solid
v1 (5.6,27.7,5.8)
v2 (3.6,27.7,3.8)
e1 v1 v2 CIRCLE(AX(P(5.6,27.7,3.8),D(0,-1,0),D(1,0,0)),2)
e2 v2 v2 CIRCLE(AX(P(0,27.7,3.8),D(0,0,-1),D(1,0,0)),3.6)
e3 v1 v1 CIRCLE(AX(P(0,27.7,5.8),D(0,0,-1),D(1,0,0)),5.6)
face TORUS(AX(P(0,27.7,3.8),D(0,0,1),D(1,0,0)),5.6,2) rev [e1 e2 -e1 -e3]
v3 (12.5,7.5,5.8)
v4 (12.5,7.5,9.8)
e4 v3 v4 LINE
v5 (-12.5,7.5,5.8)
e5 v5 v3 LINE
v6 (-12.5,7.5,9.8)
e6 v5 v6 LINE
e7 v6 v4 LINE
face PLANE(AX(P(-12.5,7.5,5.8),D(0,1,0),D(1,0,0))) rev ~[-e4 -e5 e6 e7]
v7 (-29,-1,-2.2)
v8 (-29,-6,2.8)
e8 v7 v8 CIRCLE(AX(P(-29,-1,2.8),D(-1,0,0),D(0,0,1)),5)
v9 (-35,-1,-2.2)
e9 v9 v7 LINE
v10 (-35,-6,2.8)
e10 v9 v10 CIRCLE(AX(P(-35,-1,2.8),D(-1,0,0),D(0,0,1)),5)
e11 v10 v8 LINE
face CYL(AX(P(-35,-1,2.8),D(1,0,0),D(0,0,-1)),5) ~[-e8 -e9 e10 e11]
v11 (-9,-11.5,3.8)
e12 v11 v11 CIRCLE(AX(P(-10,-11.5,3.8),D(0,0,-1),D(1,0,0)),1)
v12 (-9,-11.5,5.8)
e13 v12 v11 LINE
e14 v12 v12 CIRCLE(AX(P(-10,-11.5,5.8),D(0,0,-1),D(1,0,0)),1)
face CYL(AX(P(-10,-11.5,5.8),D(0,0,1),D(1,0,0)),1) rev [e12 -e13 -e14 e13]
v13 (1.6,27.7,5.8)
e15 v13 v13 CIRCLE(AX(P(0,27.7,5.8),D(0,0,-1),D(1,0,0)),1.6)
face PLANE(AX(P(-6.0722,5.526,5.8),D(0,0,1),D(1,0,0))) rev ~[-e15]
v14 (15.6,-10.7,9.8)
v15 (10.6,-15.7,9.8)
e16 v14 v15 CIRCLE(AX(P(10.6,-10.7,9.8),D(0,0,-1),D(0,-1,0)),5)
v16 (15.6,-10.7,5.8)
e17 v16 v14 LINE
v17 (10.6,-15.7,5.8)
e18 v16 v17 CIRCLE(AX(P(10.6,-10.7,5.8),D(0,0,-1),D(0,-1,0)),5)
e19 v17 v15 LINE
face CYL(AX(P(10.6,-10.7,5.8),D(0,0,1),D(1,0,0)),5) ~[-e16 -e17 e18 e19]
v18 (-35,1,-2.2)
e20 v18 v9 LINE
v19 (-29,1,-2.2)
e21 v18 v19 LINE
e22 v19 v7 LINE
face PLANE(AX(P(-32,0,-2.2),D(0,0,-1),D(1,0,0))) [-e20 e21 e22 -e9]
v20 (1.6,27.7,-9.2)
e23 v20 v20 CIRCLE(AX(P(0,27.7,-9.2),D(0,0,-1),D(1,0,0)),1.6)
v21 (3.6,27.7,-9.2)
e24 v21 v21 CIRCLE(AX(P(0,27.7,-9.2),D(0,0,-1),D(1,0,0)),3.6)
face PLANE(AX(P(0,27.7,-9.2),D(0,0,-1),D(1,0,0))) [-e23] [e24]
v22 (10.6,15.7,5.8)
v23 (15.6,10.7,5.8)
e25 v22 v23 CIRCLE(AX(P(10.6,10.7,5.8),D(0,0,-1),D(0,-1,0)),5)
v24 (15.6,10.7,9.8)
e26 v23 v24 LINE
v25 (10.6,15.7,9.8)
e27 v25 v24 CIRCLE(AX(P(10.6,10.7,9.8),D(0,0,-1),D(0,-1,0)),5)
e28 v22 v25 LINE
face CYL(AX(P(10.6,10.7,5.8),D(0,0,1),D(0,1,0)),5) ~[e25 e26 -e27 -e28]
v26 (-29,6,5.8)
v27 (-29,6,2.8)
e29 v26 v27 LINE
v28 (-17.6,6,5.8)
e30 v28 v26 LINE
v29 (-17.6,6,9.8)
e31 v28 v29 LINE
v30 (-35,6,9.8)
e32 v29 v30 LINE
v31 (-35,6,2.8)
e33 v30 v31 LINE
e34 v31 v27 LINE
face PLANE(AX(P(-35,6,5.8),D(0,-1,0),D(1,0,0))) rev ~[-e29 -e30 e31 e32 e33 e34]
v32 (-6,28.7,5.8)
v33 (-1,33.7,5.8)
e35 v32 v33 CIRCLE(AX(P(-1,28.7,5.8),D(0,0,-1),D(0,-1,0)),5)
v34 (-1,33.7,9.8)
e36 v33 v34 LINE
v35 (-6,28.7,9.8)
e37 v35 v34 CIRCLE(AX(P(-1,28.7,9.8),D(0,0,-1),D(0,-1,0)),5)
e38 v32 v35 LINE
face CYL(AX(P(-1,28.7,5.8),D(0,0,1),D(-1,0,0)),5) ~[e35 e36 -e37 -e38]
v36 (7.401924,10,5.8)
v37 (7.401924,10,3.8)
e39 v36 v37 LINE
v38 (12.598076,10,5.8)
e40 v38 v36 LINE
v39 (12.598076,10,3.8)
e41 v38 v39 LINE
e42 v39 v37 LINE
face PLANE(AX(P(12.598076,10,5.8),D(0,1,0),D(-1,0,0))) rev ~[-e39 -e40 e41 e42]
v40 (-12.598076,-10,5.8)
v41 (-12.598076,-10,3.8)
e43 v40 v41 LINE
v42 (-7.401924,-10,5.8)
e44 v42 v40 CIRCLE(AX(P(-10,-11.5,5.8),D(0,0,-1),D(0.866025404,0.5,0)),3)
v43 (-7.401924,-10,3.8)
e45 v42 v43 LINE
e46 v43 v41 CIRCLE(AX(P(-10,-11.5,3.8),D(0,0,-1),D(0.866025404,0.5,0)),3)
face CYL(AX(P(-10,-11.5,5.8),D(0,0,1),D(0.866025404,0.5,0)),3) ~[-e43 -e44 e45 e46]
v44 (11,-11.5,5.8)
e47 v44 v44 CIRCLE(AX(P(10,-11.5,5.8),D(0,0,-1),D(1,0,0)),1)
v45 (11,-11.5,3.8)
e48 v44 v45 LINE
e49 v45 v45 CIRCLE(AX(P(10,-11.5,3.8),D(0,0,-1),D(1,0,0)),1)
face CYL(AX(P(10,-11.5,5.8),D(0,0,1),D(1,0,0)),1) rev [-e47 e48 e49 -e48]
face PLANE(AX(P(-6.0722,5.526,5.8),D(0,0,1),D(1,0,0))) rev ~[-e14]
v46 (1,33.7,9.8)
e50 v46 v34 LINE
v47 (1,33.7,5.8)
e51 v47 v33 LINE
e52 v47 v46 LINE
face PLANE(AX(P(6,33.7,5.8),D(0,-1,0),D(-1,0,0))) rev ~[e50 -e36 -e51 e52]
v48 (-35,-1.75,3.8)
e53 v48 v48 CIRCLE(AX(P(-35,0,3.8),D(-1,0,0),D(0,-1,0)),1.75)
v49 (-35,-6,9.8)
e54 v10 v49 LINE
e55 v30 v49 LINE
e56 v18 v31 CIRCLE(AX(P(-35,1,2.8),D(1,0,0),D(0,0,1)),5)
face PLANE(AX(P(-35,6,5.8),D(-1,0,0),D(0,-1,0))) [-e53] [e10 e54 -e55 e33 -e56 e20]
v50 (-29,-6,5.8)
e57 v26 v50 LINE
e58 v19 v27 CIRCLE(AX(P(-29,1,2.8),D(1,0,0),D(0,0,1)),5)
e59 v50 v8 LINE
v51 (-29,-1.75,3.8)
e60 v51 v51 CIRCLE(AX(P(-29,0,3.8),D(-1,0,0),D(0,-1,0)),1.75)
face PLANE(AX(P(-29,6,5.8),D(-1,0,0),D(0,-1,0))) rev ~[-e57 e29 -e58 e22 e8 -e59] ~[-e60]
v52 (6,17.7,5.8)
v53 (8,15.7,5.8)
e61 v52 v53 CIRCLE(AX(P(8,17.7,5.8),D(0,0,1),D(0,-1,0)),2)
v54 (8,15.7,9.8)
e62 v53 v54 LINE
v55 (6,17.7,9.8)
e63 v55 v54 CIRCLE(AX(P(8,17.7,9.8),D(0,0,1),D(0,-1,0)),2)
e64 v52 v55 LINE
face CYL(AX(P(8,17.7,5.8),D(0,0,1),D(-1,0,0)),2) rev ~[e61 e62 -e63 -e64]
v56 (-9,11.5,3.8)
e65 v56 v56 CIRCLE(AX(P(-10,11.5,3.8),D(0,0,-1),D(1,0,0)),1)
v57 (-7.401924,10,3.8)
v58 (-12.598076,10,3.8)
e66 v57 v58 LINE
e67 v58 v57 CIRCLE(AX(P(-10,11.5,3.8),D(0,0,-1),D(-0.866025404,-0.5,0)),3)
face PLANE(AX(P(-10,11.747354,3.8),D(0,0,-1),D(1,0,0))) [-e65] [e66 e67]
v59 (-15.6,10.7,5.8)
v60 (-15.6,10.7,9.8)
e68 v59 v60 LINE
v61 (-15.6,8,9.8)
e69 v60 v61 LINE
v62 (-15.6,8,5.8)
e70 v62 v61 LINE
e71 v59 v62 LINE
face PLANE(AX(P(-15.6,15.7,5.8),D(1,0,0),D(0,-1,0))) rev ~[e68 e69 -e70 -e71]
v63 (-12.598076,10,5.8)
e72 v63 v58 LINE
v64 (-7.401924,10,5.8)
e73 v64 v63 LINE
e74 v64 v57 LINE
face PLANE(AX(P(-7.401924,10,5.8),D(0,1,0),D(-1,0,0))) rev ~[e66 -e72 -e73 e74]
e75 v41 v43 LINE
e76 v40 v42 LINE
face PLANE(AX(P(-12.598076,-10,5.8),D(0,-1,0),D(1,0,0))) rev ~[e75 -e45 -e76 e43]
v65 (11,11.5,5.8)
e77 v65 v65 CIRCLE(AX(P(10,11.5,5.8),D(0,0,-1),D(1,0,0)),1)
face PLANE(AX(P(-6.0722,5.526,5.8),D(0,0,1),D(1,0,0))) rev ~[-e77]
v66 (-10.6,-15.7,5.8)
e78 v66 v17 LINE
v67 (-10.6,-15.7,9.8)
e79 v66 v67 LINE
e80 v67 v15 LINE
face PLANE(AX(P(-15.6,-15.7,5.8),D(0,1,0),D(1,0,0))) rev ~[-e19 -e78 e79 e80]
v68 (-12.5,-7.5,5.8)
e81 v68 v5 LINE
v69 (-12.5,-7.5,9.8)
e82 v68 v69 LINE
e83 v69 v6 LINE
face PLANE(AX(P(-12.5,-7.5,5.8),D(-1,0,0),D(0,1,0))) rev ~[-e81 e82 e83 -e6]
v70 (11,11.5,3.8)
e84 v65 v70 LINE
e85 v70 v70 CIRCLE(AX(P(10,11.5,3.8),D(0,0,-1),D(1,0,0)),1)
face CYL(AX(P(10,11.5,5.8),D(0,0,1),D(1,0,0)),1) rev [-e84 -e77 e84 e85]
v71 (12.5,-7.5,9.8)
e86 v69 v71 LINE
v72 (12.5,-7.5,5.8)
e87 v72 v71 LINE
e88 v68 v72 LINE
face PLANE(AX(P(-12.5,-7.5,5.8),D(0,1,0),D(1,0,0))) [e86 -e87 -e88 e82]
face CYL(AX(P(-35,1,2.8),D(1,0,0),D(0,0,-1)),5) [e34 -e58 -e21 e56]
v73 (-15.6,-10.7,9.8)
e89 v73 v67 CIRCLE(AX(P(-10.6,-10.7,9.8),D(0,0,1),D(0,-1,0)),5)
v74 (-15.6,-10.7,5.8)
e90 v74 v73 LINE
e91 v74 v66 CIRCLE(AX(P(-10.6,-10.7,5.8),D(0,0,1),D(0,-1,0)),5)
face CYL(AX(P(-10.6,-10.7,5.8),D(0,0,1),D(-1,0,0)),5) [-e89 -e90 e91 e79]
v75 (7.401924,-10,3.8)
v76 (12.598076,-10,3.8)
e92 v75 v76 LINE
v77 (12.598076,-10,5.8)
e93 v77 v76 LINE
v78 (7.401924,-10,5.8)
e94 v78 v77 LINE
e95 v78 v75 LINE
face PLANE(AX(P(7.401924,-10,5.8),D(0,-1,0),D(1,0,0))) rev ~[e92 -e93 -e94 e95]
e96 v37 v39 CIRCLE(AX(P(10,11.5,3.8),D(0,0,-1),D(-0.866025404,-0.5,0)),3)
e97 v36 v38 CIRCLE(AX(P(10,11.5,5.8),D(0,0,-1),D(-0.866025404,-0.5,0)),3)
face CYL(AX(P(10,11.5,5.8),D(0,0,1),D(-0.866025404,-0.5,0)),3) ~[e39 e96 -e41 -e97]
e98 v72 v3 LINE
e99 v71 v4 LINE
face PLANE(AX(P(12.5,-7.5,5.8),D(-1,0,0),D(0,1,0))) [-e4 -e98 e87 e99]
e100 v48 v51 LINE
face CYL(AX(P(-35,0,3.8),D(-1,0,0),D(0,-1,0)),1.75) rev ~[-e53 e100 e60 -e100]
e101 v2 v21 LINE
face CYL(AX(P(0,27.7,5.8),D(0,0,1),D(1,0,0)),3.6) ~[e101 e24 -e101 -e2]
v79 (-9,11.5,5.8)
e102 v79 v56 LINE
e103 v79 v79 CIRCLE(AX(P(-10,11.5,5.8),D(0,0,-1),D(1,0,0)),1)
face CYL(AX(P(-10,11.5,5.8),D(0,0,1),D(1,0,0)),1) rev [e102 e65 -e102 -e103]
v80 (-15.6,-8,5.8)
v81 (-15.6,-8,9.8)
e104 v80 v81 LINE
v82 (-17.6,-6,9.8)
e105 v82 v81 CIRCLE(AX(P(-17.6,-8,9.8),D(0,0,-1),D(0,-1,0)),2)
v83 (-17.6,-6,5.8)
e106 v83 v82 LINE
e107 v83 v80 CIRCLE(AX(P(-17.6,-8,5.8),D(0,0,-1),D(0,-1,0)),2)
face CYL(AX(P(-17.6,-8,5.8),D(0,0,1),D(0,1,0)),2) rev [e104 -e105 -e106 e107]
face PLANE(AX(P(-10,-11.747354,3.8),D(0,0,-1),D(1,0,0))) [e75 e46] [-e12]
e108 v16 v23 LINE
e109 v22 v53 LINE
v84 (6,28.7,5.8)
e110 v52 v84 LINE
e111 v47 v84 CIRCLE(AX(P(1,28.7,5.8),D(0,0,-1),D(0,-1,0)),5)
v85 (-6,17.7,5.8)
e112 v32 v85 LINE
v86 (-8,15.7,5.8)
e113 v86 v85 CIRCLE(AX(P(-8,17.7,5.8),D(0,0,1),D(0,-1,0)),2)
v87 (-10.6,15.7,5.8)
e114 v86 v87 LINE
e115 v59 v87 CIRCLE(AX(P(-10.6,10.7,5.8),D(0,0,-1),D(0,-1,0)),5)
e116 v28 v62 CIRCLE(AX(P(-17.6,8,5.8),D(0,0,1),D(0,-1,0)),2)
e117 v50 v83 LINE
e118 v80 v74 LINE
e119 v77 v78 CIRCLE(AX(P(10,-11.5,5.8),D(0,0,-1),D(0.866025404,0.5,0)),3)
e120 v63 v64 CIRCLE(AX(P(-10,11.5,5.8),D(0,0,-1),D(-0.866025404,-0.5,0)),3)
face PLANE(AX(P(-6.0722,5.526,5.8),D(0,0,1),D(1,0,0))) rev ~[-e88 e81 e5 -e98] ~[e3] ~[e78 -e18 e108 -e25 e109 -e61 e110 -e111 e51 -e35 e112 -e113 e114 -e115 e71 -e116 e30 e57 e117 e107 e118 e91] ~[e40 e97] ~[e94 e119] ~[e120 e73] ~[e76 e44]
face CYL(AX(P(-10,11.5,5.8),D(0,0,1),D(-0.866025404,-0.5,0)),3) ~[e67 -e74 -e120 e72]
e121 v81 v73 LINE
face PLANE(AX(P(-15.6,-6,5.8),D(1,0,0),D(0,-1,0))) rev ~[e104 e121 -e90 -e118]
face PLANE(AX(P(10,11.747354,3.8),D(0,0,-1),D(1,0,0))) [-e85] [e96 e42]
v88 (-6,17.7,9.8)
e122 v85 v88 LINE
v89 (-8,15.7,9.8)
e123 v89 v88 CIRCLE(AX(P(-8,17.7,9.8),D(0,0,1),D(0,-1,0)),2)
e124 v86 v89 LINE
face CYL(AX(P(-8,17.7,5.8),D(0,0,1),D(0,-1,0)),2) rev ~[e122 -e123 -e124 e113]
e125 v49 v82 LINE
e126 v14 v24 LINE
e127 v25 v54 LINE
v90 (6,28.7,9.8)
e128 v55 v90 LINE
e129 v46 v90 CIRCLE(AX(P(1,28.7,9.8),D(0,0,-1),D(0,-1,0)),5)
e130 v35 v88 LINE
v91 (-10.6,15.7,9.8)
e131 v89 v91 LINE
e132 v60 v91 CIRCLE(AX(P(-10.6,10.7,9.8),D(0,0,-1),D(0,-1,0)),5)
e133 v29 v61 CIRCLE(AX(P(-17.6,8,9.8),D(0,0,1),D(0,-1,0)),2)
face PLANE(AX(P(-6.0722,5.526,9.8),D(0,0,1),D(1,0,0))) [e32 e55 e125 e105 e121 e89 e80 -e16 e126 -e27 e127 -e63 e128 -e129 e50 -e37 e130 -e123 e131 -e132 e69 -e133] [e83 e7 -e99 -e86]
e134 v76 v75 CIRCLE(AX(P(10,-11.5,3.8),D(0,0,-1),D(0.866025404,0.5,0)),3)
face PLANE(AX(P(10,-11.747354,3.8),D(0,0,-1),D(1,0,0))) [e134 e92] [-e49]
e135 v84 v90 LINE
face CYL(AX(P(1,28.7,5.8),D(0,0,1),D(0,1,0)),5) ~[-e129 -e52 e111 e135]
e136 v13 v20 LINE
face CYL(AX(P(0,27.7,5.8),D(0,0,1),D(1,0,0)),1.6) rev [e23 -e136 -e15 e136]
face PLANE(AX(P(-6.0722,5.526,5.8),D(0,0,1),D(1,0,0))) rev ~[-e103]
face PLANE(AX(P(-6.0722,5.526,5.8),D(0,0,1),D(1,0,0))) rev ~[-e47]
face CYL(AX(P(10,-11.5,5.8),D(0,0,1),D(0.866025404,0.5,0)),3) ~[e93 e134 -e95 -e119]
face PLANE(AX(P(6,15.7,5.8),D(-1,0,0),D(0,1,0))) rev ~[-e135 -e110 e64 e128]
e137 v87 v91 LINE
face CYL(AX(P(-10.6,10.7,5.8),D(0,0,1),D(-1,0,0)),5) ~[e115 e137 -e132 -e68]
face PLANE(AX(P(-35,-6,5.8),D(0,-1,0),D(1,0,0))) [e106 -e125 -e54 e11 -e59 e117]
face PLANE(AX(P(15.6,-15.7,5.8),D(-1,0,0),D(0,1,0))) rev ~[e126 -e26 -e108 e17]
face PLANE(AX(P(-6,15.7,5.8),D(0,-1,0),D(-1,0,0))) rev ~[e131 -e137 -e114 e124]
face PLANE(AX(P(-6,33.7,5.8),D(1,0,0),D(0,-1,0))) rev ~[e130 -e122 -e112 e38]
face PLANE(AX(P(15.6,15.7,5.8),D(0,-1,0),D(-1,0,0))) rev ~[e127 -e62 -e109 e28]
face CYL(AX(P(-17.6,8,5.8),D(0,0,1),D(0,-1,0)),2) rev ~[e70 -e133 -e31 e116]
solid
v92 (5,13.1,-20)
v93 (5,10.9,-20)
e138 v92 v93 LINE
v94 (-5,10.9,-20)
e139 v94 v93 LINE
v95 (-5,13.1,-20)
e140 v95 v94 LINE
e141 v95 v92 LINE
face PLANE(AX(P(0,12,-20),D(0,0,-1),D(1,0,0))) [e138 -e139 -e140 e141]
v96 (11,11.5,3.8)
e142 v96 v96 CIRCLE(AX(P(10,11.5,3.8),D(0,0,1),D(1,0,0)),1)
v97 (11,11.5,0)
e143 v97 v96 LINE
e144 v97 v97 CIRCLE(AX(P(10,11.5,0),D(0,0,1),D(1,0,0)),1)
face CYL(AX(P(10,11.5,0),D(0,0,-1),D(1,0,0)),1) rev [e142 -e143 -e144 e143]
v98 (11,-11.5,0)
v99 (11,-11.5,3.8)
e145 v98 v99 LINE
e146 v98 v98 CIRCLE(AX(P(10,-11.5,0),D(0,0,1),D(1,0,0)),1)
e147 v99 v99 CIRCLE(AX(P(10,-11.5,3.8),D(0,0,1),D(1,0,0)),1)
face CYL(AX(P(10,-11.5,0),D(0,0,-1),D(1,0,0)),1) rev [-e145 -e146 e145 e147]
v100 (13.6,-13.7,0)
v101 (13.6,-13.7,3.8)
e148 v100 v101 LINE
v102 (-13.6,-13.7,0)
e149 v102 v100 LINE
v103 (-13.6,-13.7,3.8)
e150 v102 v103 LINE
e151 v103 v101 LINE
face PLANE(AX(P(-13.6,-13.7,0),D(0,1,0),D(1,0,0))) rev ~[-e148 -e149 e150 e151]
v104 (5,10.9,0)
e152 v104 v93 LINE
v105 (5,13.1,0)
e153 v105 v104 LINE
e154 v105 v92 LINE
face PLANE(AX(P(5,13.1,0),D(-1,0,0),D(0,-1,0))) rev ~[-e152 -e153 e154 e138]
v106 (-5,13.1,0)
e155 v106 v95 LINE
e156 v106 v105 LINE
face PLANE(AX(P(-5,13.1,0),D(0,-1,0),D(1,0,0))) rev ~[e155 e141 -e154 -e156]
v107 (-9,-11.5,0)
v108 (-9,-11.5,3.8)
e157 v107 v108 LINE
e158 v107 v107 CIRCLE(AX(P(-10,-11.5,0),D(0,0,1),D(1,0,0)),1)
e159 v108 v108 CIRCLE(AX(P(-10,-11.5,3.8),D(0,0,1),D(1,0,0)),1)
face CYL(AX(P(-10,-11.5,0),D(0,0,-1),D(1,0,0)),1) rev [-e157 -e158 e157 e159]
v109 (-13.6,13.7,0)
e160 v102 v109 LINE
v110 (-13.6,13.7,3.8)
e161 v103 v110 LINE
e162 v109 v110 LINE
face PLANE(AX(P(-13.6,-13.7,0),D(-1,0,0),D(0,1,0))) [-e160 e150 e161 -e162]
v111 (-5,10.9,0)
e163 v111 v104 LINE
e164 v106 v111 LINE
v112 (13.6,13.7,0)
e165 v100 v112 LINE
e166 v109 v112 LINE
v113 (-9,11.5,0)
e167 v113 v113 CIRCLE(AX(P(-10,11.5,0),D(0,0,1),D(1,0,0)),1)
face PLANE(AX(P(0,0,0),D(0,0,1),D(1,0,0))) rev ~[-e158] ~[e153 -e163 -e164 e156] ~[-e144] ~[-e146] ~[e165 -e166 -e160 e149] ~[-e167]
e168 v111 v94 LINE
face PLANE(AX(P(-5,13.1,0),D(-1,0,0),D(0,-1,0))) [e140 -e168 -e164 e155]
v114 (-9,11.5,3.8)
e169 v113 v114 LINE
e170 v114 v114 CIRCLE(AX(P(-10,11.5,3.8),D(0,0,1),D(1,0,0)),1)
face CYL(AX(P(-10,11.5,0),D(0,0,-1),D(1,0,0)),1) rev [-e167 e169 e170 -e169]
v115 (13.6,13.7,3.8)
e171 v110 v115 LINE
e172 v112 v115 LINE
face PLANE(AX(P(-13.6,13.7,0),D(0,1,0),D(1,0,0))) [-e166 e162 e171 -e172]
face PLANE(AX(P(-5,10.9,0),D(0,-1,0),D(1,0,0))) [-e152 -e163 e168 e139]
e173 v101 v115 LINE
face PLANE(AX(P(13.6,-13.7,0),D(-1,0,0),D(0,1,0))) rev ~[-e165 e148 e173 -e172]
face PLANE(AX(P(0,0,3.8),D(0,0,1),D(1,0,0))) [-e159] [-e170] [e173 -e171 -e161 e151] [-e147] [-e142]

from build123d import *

# Parameters (mm, degrees)
F2_W      = 27.2
F2_H      = 27.4
F2_R      = 1
F3_DEPTH  = 3.8
F4_W      = 10
F4_H      = 2.2
F5_DEPTH  = 20
F7_W      = 25
F7_H      = 15
F8_DEPTH  = 4
F9_R      = 3.6
F9_R_2    = 1.6
F10_DEPTH = 15
F11_R     = 1
F12_DEPTH = 2
F13_W     = 6
F13_H     = 12
F14_DEPTH = 8
F15_R     = 1.75
F16_DEPTH = 6
F17_R     = 5
F18_R     = 2


with BuildPart() as f3:
    # F2 (on Top) → F3 (new body)
    with BuildSketch(Plane.XY):
        Rectangle(F2_W, F2_H)
        with Locations((-10, -11.5)):
            Circle(F2_R, mode=Mode.SUBTRACT)
        with Locations((10, -11.5)):
            Circle(F2_R, mode=Mode.SUBTRACT)
        with Locations((-10, 11.5)):
            Circle(F2_R, mode=Mode.SUBTRACT)
        with Locations((10, 11.5)):
            Circle(F2_R, mode=Mode.SUBTRACT)
    extrude(amount=F3_DEPTH)

    # F4 (on face) → F5 (join)
    with BuildSketch(Plane(origin=(0, 0, 0), x_dir=(1, 0, 0), z_dir=(0, 0, -1))):
        with Locations((0, -12)):
            Rectangle(F4_W, F4_H)
    extrude(amount=F5_DEPTH)


with BuildPart() as f8:
    # F7 (on offset) → F8 (new body)
    with BuildSketch(Plane.XY.offset(5.8)):
        Polygon((-6, 15.7), (-15.6, 15.7), (-15.6, 6), (-35, 6), (-35, -6), (-15.6, -6), (-15.6, -15.7), (15.6, -15.7), (15.6, 15.7), (6, 15.7), (6, 33.7), (-6, 33.7), align=None)
        Rectangle(F7_W, F7_H, mode=Mode.SUBTRACT)
    extrude(amount=F8_DEPTH)

    # F9 (on face) → F10 (join)
    with BuildSketch(Plane(origin=(0, 0, 5.8), x_dir=(1, 0, 0), z_dir=(0, 0, -1))):
        with Locations((0, -27.7)):
            Circle(F9_R)
        with Locations((0, -27.7)):
            Circle(F9_R_2, mode=Mode.SUBTRACT)
    extrude(amount=F10_DEPTH)

    # F11 (on face) → F12 (join, through all)
    with BuildSketch(Plane(origin=(0, 0, 5.8), x_dir=(1, 0, 0), z_dir=(0, 0, -1))):
        with BuildLine():
            Line((-12.5980762114, 10), (-7.4019237886, 10))
            ThreePointArc((-7.4019237886, 10), (-10, 14.5), (-12.5980762114, 10))
        make_face()
        with Locations((-10, 11.5)):
            Circle(F11_R, mode=Mode.SUBTRACT)
        with BuildLine():
            Line((-7.4019237886, -10), (-12.5980762114, -10))
            ThreePointArc((-12.5980762114, -10), (-10, -14.5), (-7.4019237886, -10))
        make_face()
        with Locations((-10, -11.5)):
            Circle(F11_R, mode=Mode.SUBTRACT)
        with BuildLine():
            Line((12.5980762114, -10), (7.4019237886, -10))
            ThreePointArc((7.4019237886, -10), (10, -14.5), (12.5980762114, -10))
        make_face()
        with Locations((10, -11.5)):
            Circle(F11_R, mode=Mode.SUBTRACT)
        with BuildLine():
            Line((7.4019237886, 10), (12.5980762114, 10))
            ThreePointArc((12.5980762114, 10), (10, 14.5), (7.4019237886, 10))
        make_face()
        with Locations((10, 11.5)):
            Circle(F11_R, mode=Mode.SUBTRACT)
    extrude(amount=F12_DEPTH)

    # F13 (on face) → F14 (join)
    with BuildSketch(Plane(origin=(0, 0, 5.8), x_dir=(1, 0, 0), z_dir=(0, 0, -1))):
        with Locations((-32, 0)):
            Rectangle(F13_W, F13_H)
    extrude(amount=F14_DEPTH)

    # F15 (on face) → F16 (cut, through all)
    with BuildSketch(Plane(origin=(-35, 0, 0), x_dir=(0, -1, 0), z_dir=(-1, 0, 0))):
        with Locations((0, 3.8)):
            Circle(F15_R)
    extrude(amount=-F16_DEPTH, mode=Mode.SUBTRACT)

    # F17
    f17_edges = [f8.edges().sort_by_distance(p)[0] for p in [
        (-15.6, 15.7, 7.8),
        (-15.6, -15.7, 7.8),
        (15.6, -15.7, 7.8),
        (-6, 33.7, 7.8),
        (6, 33.7, 7.8),
        (15.6, 15.7, 7.8),
        (-32, 6, -2.2),
        (-32, -6, -2.2),
    ]]
    fillet(f17_edges, radius=F17_R)

    # F18
    f18_edges = [f8.edges().sort_by_distance(p)[0] for p in [
        (-6, 15.7, 7.8),
        (6, 15.7, 7.8),
        (-15.6, -6, 7.8),
        (-15.6, 6, 7.8),
        (-3.6, 27.7, 5.8),
    ]]
    fillet(f18_edges, radius=F18_R)


solid = Compound([f3.part, f8.part])
